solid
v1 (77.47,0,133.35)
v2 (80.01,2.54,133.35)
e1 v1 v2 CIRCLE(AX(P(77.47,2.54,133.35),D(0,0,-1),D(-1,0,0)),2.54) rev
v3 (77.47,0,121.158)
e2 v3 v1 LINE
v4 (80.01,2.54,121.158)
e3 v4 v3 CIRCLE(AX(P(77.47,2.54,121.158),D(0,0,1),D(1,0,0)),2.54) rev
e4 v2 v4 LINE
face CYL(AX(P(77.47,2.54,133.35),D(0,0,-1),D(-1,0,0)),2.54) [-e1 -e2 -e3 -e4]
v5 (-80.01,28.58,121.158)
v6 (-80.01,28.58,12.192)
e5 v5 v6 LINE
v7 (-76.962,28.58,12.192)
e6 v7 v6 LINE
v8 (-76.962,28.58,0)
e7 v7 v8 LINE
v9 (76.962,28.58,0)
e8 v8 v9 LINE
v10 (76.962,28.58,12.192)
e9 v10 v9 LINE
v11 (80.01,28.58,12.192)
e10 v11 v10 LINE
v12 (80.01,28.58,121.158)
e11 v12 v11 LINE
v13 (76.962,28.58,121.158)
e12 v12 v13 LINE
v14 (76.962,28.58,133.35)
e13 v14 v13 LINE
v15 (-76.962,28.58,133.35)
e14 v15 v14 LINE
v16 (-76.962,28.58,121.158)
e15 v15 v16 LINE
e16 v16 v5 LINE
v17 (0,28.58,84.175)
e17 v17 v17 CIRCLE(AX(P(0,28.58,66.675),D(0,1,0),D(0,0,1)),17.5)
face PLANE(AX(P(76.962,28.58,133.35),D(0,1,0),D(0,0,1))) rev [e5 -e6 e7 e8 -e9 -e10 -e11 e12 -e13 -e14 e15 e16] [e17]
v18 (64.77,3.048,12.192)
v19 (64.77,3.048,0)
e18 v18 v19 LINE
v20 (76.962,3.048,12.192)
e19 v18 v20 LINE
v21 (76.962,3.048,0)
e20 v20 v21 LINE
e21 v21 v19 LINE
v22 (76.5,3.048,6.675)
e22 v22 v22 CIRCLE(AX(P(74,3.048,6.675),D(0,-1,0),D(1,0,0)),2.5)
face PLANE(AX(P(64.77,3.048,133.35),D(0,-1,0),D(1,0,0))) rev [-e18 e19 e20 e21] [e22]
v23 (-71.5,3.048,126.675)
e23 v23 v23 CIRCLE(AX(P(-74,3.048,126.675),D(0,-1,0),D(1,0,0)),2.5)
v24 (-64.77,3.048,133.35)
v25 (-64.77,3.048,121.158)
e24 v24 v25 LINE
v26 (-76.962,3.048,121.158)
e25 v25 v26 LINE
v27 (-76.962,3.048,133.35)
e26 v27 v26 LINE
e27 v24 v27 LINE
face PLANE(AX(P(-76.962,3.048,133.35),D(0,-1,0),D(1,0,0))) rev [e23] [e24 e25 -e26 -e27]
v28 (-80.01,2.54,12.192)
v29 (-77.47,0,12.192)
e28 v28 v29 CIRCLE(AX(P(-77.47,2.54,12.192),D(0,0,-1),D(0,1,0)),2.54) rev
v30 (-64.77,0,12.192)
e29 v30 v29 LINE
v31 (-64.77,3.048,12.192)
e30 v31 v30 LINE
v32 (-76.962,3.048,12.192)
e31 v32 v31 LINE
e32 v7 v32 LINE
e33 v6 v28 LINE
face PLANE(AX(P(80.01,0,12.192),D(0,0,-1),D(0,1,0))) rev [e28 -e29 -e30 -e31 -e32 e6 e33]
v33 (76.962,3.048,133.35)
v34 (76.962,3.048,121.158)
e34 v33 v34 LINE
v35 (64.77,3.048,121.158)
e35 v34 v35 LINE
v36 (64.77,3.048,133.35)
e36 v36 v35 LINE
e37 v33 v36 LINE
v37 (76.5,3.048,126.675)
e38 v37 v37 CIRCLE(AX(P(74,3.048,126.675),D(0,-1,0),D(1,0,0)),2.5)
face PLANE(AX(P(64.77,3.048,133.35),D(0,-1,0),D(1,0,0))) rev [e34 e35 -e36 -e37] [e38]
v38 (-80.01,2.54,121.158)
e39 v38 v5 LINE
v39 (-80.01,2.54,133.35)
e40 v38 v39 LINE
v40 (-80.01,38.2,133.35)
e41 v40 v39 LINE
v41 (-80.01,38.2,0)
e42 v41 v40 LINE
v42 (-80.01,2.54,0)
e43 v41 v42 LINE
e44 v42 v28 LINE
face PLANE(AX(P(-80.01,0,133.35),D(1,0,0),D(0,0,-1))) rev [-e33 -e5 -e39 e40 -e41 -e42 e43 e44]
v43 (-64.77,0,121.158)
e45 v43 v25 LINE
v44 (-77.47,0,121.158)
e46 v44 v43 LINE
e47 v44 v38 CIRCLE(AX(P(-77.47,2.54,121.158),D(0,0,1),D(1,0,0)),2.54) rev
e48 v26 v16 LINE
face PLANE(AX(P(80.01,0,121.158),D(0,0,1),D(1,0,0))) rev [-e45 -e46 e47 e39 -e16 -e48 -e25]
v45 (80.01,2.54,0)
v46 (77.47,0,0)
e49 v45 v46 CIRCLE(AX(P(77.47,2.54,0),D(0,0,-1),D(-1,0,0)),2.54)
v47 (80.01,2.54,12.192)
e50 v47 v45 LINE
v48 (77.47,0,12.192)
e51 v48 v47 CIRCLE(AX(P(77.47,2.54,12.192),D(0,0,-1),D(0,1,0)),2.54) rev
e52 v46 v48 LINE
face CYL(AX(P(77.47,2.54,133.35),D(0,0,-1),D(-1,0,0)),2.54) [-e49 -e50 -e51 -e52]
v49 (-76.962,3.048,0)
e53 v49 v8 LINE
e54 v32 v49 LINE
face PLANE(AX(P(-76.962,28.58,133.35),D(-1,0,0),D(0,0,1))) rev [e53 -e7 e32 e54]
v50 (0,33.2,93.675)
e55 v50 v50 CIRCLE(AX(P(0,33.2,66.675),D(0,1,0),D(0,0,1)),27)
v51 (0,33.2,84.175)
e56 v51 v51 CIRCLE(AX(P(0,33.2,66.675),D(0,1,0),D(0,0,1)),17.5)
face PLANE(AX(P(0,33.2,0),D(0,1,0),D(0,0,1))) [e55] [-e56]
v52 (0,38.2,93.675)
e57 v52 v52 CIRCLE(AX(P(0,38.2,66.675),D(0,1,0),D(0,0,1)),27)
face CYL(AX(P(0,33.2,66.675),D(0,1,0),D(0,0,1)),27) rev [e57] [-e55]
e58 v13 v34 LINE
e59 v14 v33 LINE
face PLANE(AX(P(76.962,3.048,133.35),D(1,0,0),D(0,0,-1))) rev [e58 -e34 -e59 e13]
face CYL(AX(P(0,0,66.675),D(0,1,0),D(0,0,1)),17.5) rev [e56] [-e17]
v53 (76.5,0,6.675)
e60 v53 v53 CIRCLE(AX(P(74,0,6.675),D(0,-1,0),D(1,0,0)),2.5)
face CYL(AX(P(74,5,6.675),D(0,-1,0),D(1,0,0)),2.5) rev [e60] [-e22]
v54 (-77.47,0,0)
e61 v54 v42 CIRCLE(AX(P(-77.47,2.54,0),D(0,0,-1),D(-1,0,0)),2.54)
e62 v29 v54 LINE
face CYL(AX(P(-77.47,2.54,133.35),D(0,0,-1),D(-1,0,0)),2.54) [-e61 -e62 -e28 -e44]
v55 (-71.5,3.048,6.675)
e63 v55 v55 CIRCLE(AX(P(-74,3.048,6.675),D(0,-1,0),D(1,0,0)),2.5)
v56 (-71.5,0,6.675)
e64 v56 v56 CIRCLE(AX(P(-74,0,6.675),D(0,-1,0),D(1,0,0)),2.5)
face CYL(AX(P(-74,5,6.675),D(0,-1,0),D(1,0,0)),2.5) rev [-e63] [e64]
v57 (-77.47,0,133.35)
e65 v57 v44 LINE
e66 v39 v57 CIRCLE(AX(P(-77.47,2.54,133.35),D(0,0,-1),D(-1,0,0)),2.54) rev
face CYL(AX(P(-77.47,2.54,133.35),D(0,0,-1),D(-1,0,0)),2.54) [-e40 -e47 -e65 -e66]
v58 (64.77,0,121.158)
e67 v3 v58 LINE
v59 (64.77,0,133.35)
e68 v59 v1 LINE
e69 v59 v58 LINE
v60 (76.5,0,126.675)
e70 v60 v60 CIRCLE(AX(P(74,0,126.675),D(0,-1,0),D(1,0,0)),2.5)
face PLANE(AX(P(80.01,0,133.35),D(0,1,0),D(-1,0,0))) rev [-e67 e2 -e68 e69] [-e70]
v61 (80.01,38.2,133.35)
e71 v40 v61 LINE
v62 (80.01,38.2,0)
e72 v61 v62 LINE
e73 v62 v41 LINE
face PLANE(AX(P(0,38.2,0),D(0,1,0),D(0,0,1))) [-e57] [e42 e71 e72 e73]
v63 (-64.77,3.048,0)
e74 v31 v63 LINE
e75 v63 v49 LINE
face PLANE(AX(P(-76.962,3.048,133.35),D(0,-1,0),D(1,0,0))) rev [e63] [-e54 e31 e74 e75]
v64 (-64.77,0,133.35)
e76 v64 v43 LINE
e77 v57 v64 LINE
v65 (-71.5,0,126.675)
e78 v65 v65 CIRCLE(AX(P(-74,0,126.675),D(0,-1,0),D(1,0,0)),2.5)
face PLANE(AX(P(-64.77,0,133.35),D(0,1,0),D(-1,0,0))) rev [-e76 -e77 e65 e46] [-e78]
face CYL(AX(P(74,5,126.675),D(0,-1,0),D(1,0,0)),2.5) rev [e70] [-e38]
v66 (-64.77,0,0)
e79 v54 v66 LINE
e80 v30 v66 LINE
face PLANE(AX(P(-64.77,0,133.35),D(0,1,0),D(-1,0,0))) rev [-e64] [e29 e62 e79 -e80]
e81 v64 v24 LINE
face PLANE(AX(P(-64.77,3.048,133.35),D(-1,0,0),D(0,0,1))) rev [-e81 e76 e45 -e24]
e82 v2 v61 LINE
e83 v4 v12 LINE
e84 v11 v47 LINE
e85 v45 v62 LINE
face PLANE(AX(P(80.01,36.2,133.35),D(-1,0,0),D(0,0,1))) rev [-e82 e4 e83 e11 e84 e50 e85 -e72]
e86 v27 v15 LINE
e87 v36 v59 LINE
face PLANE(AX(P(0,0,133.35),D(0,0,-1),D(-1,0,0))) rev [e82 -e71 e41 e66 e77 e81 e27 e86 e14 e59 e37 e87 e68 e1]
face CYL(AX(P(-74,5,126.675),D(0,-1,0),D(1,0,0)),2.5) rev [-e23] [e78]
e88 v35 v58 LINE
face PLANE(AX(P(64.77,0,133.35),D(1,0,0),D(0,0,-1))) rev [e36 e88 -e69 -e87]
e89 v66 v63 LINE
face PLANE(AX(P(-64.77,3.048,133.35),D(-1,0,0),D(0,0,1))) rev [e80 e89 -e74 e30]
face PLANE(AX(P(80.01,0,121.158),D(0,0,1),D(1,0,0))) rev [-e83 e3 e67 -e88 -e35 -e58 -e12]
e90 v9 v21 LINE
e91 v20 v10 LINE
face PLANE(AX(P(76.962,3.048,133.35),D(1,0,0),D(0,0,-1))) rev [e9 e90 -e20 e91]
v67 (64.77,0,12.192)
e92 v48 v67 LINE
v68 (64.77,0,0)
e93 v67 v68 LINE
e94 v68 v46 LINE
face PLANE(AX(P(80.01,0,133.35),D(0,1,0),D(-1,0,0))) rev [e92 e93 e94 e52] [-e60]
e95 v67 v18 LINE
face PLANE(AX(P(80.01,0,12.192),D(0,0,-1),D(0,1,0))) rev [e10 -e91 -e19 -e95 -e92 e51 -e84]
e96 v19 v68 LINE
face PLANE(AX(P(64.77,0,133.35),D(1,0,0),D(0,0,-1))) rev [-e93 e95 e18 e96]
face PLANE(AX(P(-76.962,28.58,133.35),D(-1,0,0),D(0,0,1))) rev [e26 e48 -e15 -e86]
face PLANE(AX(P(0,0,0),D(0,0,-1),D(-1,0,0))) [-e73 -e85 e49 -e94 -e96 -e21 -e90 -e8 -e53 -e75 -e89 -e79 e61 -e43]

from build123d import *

# Parameters (mm, degrees)
BOSS_EXTRU_1_DEPTH      = 133.35
ESQUISSE3_W             = 108.966
ESQUISSE3_H             = 28.58
ENL_V_MAT_EXTRU_1_DEPTH = 212.421528942
CONG_1_R                = 2.54
SKETCH1_W               = 160.02
SKETCH1_H               = 133.35
BOSS_EXTRUDE1_DEPTH     = 2
SKETCH2_R               = 17.5
CUT_EXTRUDE1_DEPTH      = 161.134514081
SKETCH2_3_R             = 27
SKETCH2_3_R_2           = 17.5
CUT_EXTRUDE2_DEPTH      = 5
SKETCH3_R               = 2.5
CUT_EXTRUDE3_DEPTH      = 5


with BuildPart() as part:
    # Esquisse2 → Boss.-Extru.1 (new body)
    with BuildSketch(Plane.XY):
        Polygon((-64.77, 0), (-80.01, 0), (-80.01, 36.2), (80.01, 36.2), (80.01, 0), (64.77, 0), (64.77, 3.048), (76.962, 3.048), (76.962, 28.58), (-76.962, 28.58), (-76.962, 3.048), (-64.77, 3.048), align=None)
    extrude(amount=BOSS_EXTRU_1_DEPTH)

    # Esquisse3 → Enlèv. mat.-Extru.1 (cut, through all)
    with BuildSketch(Plane.ZY.offset(80.01)):
        with Locations((66.675, 14.29)):
            Rectangle(ESQUISSE3_W, ESQUISSE3_H)
    extrude(amount=-ENL_V_MAT_EXTRU_1_DEPTH, mode=Mode.SUBTRACT)

    # Congé1
    cong_1_edges = [part.edges().sort_by_distance(p)[0] for p in [
        (-80.01, 0, 127.254),
        (-80.01, 0, 6.096),
        (80.01, 0, 127.254),
        (80.01, 0, 6.096),
    ]]
    fillet(cong_1_edges, radius=CONG_1_R)

    # Sketch1 → Boss-Extrude1 (add)
    with BuildSketch(Plane(origin=(0, 36.2, 0), x_dir=(1, 0, 0), z_dir=(0, 1, 0))):
        with Locations((0, -66.675)):
            Rectangle(SKETCH1_W, SKETCH1_H)
    extrude(amount=BOSS_EXTRUDE1_DEPTH)

    # Sketch2 → Cut-Extrude1 (cut, through all)
    with BuildSketch(Plane(origin=(0, 38.2, 0), x_dir=(1, 0, 0), z_dir=(0, 1, 0))):
        with Locations((0, -66.675)):
            Circle(SKETCH2_R)
    extrude(amount=-CUT_EXTRUDE1_DEPTH, mode=Mode.SUBTRACT)

    # Sketch2<3> → Cut-Extrude2 (cut)
    with BuildSketch(Plane(origin=(0, 38.2, 0), x_dir=(1, 0, 0), z_dir=(0, 1, 0))):
        with Locations((0, -66.675)):
            Circle(SKETCH2_3_R)
        with Locations((0, -66.675)):
            Circle(SKETCH2_3_R_2, mode=Mode.SUBTRACT)
    extrude(amount=-CUT_EXTRUDE2_DEPTH, mode=Mode.SUBTRACT)

    # Sketch3 → Cut-Extrude3 (cut)
    with BuildSketch(Plane.XZ):
        with Locations((-74, 126.675)):
            Circle(SKETCH3_R)
        with Locations((74, 126.675)):
            Circle(SKETCH3_R)
        with Locations((74, 6.675)):
            Circle(SKETCH3_R)
        with Locations((-74, 6.675)):
            Circle(SKETCH3_R)
    extrude(amount=-CUT_EXTRUDE3_DEPTH, mode=Mode.SUBTRACT)


solid = part.part
